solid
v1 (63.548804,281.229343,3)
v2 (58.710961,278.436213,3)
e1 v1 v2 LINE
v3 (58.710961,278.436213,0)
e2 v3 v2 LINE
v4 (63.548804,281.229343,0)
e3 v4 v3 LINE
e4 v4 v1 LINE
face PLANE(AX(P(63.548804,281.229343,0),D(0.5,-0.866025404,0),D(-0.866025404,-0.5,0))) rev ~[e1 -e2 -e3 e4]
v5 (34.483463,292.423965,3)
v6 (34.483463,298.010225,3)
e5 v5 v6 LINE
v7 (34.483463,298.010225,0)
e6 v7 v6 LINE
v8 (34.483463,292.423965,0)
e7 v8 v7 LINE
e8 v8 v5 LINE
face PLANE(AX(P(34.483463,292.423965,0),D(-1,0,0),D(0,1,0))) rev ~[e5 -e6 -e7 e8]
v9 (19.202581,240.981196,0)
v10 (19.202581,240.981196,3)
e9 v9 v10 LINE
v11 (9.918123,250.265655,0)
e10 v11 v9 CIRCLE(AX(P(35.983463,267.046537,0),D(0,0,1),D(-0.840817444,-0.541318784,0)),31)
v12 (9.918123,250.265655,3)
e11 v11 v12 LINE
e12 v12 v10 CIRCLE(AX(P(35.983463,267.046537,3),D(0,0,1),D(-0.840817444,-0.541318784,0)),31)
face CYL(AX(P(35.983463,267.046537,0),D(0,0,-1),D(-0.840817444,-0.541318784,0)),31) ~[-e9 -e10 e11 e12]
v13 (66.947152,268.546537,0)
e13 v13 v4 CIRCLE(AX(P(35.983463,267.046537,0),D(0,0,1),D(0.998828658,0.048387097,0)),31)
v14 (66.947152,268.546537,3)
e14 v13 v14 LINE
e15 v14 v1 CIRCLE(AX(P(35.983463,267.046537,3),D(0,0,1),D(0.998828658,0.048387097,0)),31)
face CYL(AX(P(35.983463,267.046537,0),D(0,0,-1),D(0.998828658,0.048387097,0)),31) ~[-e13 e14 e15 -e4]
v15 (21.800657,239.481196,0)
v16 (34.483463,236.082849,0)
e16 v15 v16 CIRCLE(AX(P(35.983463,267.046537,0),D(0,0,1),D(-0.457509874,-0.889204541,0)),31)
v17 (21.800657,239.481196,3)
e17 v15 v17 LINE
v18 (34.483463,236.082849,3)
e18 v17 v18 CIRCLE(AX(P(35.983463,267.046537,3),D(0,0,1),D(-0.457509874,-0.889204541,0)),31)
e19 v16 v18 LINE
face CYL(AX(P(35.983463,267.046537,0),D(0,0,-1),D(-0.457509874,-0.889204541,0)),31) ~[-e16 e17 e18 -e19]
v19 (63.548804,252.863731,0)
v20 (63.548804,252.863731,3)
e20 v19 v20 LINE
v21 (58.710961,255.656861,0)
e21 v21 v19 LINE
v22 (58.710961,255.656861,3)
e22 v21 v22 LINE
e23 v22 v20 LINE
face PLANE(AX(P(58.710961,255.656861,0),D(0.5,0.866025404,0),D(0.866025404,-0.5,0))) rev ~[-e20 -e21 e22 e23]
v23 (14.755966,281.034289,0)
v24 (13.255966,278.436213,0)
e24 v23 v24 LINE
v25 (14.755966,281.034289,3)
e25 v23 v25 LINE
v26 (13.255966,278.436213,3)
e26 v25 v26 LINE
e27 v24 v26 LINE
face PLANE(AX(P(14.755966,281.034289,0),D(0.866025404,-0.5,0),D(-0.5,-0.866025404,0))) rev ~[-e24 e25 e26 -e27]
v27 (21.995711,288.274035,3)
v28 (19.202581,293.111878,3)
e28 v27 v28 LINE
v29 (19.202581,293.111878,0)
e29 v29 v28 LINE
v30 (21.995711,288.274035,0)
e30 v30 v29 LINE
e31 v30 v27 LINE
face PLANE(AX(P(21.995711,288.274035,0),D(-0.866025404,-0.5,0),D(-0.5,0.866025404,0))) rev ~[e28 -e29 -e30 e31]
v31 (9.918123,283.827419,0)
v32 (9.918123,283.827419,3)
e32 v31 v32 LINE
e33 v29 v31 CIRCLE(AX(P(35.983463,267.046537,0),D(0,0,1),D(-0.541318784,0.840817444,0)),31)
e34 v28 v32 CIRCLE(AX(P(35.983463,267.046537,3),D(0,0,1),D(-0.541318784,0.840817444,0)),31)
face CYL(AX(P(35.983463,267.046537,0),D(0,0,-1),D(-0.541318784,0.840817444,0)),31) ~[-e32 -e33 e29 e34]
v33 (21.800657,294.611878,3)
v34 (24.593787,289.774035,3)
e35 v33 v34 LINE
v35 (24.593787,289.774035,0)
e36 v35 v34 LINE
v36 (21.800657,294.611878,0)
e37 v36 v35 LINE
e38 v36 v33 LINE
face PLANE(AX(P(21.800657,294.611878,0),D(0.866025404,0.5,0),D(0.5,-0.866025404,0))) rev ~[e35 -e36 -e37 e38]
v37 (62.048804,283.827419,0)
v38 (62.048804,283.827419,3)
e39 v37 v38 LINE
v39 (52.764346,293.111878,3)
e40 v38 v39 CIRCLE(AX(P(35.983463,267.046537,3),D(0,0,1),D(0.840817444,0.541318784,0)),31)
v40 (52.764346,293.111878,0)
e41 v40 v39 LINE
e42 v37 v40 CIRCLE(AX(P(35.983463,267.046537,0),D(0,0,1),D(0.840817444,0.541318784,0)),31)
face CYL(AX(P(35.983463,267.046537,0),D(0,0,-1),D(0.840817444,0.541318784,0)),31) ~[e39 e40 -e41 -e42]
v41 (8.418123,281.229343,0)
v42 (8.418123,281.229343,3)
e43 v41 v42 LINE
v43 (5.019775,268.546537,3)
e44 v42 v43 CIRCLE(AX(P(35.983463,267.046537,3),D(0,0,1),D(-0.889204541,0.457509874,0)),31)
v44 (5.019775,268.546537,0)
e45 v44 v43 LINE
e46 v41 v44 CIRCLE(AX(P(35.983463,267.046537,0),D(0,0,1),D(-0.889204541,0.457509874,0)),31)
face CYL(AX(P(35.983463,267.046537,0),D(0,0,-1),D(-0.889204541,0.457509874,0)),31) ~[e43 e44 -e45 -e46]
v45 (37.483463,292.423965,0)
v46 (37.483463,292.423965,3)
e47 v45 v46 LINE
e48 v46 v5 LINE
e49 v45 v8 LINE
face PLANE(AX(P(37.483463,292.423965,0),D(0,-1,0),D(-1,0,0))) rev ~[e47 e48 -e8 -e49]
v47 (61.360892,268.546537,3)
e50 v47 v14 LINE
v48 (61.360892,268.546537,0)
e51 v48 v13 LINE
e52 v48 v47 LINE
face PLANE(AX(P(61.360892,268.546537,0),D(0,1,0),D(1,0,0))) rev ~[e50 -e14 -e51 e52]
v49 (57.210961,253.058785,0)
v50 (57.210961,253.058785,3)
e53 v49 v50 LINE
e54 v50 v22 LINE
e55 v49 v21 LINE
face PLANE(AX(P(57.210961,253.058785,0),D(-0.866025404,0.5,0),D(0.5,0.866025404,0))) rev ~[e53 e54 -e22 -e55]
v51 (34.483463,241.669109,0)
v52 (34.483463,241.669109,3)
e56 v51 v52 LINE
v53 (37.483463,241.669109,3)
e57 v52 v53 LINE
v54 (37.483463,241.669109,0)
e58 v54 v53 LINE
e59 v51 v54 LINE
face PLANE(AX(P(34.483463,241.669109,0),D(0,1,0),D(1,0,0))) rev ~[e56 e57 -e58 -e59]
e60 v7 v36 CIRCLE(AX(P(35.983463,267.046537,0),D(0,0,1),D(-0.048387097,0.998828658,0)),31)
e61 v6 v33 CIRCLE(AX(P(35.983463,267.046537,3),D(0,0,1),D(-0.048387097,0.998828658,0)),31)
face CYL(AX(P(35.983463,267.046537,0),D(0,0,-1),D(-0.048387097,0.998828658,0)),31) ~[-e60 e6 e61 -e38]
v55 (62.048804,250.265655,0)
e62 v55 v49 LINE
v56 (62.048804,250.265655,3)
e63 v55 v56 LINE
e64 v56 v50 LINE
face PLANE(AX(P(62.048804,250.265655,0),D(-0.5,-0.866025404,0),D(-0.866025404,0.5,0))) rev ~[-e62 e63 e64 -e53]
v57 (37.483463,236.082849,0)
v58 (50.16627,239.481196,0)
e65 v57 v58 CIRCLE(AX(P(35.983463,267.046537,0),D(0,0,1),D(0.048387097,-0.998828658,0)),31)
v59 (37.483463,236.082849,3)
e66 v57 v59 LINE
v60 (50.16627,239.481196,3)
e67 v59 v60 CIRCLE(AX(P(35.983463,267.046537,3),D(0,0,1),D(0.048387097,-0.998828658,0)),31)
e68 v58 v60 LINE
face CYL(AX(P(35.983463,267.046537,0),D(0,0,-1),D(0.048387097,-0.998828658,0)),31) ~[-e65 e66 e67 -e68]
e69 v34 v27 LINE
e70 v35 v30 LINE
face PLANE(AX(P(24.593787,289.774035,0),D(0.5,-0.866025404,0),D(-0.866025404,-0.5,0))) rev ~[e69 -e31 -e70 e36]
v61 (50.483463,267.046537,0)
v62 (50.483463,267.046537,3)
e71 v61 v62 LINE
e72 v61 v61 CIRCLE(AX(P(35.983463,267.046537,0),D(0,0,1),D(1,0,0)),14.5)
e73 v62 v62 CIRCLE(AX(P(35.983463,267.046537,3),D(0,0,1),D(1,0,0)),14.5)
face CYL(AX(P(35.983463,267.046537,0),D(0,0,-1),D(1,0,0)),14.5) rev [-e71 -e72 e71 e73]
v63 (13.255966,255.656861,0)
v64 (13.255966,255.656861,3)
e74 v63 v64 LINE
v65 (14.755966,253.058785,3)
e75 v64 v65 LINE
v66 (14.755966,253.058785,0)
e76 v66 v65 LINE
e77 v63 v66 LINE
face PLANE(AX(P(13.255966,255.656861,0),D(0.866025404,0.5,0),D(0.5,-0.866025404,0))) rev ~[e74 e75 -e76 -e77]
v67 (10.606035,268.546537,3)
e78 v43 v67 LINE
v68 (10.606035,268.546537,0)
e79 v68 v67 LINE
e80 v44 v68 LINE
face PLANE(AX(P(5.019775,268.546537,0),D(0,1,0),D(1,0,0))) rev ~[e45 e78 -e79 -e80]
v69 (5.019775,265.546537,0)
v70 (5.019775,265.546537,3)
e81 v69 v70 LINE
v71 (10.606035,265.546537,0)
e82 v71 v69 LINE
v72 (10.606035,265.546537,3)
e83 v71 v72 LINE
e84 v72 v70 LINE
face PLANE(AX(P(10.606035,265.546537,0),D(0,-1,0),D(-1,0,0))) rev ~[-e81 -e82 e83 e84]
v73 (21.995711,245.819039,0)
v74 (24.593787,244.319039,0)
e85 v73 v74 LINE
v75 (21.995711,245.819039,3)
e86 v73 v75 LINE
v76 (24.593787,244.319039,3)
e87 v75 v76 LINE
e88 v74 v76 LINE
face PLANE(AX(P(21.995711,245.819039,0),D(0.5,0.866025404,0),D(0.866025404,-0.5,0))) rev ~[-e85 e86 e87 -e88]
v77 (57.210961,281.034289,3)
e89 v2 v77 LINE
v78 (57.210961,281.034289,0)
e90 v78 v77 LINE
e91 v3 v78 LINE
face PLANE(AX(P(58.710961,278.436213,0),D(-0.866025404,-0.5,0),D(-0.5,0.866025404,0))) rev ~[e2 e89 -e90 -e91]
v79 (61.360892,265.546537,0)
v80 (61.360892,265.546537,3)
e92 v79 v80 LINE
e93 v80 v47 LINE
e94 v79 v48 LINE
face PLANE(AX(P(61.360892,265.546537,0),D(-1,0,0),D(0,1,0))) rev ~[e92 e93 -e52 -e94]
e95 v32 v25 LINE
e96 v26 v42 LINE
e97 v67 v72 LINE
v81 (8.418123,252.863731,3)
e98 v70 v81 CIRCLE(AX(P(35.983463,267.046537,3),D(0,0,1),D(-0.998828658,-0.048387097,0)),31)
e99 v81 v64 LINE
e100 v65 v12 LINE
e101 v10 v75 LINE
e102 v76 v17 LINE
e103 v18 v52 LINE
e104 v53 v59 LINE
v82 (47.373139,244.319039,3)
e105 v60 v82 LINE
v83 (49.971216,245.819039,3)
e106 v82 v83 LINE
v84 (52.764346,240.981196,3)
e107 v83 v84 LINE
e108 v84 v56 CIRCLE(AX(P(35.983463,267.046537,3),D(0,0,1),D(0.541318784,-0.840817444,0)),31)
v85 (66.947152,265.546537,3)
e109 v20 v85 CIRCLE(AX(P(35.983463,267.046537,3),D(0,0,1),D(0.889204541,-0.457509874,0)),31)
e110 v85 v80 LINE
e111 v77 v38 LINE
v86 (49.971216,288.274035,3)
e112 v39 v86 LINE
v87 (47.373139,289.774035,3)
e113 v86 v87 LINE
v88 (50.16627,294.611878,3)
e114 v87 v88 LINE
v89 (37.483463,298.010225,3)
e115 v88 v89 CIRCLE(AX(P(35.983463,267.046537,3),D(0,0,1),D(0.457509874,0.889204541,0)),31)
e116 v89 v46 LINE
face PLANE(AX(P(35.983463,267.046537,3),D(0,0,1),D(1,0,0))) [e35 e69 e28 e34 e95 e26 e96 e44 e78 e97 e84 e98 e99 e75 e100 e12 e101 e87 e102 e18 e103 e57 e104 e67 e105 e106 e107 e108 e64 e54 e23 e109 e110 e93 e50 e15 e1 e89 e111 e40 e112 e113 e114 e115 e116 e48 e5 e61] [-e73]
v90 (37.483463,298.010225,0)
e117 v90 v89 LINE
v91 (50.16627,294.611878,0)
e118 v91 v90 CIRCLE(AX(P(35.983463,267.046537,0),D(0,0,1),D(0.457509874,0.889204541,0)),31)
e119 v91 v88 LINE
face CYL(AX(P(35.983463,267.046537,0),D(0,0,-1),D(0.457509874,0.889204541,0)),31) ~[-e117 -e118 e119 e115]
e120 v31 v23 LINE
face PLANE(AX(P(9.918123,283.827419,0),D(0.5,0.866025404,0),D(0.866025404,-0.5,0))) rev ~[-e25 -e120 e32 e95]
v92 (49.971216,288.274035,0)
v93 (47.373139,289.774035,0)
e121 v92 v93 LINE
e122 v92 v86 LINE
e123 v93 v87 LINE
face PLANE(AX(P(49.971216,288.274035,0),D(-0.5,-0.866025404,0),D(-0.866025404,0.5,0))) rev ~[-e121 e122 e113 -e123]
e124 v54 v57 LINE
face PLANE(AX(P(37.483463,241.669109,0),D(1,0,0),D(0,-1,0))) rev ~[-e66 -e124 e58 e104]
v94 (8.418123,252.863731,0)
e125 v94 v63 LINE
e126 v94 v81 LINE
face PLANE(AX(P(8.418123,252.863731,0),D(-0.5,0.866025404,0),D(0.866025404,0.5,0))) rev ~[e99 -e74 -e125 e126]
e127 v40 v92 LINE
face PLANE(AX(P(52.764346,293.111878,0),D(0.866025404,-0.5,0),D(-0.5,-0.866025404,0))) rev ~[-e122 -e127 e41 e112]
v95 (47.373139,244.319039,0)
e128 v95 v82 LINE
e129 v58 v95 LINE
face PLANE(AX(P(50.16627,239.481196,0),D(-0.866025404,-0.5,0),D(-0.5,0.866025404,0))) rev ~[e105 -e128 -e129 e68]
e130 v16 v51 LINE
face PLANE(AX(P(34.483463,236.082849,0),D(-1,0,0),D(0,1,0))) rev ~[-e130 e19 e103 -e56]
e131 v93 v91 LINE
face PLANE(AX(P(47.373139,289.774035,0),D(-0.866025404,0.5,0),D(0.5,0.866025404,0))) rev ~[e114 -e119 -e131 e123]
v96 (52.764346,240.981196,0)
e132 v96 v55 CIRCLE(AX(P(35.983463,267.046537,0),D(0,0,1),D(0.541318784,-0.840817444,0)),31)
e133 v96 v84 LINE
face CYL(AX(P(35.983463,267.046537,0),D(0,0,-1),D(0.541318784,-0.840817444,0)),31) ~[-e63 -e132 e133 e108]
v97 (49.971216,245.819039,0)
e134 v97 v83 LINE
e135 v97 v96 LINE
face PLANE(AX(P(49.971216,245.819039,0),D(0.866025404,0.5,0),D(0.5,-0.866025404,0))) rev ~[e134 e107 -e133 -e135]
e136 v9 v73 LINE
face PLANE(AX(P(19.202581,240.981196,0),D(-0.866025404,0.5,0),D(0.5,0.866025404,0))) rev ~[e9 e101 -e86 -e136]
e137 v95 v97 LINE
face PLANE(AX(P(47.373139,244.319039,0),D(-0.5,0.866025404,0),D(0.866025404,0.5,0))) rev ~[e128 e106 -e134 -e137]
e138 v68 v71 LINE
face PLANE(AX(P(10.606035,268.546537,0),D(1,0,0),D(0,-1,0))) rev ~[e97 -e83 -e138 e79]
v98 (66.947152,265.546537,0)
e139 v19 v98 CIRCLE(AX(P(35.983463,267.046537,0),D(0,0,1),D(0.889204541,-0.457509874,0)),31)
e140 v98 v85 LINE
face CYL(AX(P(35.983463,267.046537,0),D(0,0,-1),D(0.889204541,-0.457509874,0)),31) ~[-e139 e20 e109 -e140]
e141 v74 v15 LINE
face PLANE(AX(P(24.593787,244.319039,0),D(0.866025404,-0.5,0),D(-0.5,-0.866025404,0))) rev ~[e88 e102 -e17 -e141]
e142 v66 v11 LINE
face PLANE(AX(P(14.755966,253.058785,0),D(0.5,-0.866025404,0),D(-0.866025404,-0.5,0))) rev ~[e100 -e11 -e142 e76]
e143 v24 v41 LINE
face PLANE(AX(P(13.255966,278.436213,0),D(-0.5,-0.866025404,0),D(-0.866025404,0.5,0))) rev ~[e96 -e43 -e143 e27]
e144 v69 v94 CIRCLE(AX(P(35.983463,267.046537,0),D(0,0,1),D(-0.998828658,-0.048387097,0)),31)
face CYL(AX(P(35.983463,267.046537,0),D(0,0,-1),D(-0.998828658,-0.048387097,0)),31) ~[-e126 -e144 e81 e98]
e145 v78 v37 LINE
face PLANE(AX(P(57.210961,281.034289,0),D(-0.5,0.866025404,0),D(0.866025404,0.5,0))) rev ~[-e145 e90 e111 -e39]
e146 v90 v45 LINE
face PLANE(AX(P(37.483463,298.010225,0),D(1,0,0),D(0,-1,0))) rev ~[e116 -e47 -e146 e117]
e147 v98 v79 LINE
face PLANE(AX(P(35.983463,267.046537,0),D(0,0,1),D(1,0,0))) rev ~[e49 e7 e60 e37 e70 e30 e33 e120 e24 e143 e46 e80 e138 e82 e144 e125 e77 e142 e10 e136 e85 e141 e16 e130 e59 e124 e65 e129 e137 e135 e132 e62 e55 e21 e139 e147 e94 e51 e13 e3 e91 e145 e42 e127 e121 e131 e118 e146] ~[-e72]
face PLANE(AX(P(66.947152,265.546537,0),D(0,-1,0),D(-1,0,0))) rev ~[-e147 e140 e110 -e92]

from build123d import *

# Parameters (mm, degrees)
MODEL_R                 = 14.5
SALIENTE_EXTRUIR1_DEPTH = 3


with BuildPart() as part:
    # Model → Saliente-Extruir1 (new body)
    with BuildSketch(Plane.XY):
        with BuildLine():
            Line((47.37313945, 289.774034505), (50.166269539, 294.611877731))
            ThreePointArc((50.166269539, 294.611877731), (44.006853837, 296.990237588), (37.483463439, 298.010225383))
            Line((37.483463439, 298.010225383), (37.483463439, 292.423965206))
            Line((37.483463439, 292.423965206), (34.483463439, 292.423965206))
            Line((34.483463439, 292.423965206), (34.483463439, 298.010225383))
            ThreePointArc((34.483463439, 298.010225383), (27.960073041, 296.990237588), (21.800657339, 294.611877731))
            Line((21.800657339, 294.611877731), (24.593787428, 289.774034505))
            Line((24.593787428, 289.774034505), (21.995711217, 288.274034505))
            Line((21.995711217, 288.274034505), (19.202581128, 293.111877731))
            ThreePointArc((19.202581128, 293.111877731), (14.063153222, 288.966847189), (9.91812268, 283.827419284))
            Line((9.91812268, 283.827419284), (14.755965907, 281.034289195))
            Line((14.755965907, 281.034289195), (13.255965907, 278.436212983))
            Line((13.255965907, 278.436212983), (8.41812268, 281.229343072))
            ThreePointArc((8.41812268, 281.229343072), (6.039762824, 275.069927371), (5.019775028, 268.546536973))
            Line((5.019775028, 268.546536973), (10.606035206, 268.546536973))
            Line((10.606035206, 268.546536973), (10.606035206, 265.546536973))
            Line((10.606035206, 265.546536973), (5.019775028, 265.546536973))
            ThreePointArc((5.019775028, 265.546536973), (6.039762824, 259.023146574), (8.41812268, 252.863730873))
            Line((8.41812268, 252.863730873), (13.255965907, 255.656860962))
            Line((13.255965907, 255.656860962), (14.755965907, 253.05878475))
            Line((14.755965907, 253.05878475), (9.91812268, 250.265654662))
            ThreePointArc((9.91812268, 250.265654662), (14.063153222, 245.126226756), (19.202581128, 240.981196214))
            Line((19.202581128, 240.981196214), (21.995711217, 245.81903944))
            Line((21.995711217, 245.81903944), (24.593787428, 244.31903944))
            Line((24.593787428, 244.31903944), (21.800657339, 239.481196214))
            ThreePointArc((21.800657339, 239.481196214), (27.960073041, 237.102836358), (34.483463439, 236.082848562))
            Line((34.483463439, 236.082848562), (34.483463439, 241.66910874))
            Line((34.483463439, 241.66910874), (37.483463439, 241.66910874))
            Line((37.483463439, 241.66910874), (37.483463439, 236.082848562))
            ThreePointArc((37.483463439, 236.082848562), (44.006853837, 237.102836358), (50.166269539, 239.481196214))
            Line((50.166269539, 239.481196214), (47.37313945, 244.31903944))
            Line((47.37313945, 244.31903944), (49.971215661, 245.81903944))
            Line((49.971215661, 245.81903944), (52.76434575, 240.981196214))
            ThreePointArc((52.76434575, 240.981196214), (57.903773656, 245.126226756), (62.048804198, 250.265654662))
            Line((62.048804198, 250.265654662), (57.210960972, 253.05878475))
            Line((57.210960972, 253.05878475), (58.710960972, 255.656860962))
            Line((58.710960972, 255.656860962), (63.548804198, 252.863730873))
            ThreePointArc((63.548804198, 252.863730873), (65.927164054, 259.023146574), (66.94715185, 265.546536973))
            Line((66.94715185, 265.546536973), (61.360891672, 265.546536973))
            Line((61.360891672, 265.546536973), (61.360891672, 268.546536973))
            Line((61.360891672, 268.546536973), (66.94715185, 268.546536973))
            ThreePointArc((66.94715185, 268.546536973), (65.927164054, 275.069927371), (63.548804198, 281.229343072))
            Line((63.548804198, 281.229343072), (58.710960972, 278.436212983))
            Line((58.710960972, 278.436212983), (57.210960972, 281.034289195))
            Line((57.210960972, 281.034289195), (62.048804198, 283.827419284))
            ThreePointArc((62.048804198, 283.827419284), (57.903773656, 288.966847189), (52.76434575, 293.111877731))
            Line((52.76434575, 293.111877731), (49.971215661, 288.274034505))
            Line((49.971215661, 288.274034505), (47.37313945, 289.774034505))
        make_face()
        with Locations((35.983463439, 267.046536973)):
            Circle(MODEL_R, mode=Mode.SUBTRACT)
    extrude(amount=SALIENTE_EXTRUIR1_DEPTH)


solid = part.part
